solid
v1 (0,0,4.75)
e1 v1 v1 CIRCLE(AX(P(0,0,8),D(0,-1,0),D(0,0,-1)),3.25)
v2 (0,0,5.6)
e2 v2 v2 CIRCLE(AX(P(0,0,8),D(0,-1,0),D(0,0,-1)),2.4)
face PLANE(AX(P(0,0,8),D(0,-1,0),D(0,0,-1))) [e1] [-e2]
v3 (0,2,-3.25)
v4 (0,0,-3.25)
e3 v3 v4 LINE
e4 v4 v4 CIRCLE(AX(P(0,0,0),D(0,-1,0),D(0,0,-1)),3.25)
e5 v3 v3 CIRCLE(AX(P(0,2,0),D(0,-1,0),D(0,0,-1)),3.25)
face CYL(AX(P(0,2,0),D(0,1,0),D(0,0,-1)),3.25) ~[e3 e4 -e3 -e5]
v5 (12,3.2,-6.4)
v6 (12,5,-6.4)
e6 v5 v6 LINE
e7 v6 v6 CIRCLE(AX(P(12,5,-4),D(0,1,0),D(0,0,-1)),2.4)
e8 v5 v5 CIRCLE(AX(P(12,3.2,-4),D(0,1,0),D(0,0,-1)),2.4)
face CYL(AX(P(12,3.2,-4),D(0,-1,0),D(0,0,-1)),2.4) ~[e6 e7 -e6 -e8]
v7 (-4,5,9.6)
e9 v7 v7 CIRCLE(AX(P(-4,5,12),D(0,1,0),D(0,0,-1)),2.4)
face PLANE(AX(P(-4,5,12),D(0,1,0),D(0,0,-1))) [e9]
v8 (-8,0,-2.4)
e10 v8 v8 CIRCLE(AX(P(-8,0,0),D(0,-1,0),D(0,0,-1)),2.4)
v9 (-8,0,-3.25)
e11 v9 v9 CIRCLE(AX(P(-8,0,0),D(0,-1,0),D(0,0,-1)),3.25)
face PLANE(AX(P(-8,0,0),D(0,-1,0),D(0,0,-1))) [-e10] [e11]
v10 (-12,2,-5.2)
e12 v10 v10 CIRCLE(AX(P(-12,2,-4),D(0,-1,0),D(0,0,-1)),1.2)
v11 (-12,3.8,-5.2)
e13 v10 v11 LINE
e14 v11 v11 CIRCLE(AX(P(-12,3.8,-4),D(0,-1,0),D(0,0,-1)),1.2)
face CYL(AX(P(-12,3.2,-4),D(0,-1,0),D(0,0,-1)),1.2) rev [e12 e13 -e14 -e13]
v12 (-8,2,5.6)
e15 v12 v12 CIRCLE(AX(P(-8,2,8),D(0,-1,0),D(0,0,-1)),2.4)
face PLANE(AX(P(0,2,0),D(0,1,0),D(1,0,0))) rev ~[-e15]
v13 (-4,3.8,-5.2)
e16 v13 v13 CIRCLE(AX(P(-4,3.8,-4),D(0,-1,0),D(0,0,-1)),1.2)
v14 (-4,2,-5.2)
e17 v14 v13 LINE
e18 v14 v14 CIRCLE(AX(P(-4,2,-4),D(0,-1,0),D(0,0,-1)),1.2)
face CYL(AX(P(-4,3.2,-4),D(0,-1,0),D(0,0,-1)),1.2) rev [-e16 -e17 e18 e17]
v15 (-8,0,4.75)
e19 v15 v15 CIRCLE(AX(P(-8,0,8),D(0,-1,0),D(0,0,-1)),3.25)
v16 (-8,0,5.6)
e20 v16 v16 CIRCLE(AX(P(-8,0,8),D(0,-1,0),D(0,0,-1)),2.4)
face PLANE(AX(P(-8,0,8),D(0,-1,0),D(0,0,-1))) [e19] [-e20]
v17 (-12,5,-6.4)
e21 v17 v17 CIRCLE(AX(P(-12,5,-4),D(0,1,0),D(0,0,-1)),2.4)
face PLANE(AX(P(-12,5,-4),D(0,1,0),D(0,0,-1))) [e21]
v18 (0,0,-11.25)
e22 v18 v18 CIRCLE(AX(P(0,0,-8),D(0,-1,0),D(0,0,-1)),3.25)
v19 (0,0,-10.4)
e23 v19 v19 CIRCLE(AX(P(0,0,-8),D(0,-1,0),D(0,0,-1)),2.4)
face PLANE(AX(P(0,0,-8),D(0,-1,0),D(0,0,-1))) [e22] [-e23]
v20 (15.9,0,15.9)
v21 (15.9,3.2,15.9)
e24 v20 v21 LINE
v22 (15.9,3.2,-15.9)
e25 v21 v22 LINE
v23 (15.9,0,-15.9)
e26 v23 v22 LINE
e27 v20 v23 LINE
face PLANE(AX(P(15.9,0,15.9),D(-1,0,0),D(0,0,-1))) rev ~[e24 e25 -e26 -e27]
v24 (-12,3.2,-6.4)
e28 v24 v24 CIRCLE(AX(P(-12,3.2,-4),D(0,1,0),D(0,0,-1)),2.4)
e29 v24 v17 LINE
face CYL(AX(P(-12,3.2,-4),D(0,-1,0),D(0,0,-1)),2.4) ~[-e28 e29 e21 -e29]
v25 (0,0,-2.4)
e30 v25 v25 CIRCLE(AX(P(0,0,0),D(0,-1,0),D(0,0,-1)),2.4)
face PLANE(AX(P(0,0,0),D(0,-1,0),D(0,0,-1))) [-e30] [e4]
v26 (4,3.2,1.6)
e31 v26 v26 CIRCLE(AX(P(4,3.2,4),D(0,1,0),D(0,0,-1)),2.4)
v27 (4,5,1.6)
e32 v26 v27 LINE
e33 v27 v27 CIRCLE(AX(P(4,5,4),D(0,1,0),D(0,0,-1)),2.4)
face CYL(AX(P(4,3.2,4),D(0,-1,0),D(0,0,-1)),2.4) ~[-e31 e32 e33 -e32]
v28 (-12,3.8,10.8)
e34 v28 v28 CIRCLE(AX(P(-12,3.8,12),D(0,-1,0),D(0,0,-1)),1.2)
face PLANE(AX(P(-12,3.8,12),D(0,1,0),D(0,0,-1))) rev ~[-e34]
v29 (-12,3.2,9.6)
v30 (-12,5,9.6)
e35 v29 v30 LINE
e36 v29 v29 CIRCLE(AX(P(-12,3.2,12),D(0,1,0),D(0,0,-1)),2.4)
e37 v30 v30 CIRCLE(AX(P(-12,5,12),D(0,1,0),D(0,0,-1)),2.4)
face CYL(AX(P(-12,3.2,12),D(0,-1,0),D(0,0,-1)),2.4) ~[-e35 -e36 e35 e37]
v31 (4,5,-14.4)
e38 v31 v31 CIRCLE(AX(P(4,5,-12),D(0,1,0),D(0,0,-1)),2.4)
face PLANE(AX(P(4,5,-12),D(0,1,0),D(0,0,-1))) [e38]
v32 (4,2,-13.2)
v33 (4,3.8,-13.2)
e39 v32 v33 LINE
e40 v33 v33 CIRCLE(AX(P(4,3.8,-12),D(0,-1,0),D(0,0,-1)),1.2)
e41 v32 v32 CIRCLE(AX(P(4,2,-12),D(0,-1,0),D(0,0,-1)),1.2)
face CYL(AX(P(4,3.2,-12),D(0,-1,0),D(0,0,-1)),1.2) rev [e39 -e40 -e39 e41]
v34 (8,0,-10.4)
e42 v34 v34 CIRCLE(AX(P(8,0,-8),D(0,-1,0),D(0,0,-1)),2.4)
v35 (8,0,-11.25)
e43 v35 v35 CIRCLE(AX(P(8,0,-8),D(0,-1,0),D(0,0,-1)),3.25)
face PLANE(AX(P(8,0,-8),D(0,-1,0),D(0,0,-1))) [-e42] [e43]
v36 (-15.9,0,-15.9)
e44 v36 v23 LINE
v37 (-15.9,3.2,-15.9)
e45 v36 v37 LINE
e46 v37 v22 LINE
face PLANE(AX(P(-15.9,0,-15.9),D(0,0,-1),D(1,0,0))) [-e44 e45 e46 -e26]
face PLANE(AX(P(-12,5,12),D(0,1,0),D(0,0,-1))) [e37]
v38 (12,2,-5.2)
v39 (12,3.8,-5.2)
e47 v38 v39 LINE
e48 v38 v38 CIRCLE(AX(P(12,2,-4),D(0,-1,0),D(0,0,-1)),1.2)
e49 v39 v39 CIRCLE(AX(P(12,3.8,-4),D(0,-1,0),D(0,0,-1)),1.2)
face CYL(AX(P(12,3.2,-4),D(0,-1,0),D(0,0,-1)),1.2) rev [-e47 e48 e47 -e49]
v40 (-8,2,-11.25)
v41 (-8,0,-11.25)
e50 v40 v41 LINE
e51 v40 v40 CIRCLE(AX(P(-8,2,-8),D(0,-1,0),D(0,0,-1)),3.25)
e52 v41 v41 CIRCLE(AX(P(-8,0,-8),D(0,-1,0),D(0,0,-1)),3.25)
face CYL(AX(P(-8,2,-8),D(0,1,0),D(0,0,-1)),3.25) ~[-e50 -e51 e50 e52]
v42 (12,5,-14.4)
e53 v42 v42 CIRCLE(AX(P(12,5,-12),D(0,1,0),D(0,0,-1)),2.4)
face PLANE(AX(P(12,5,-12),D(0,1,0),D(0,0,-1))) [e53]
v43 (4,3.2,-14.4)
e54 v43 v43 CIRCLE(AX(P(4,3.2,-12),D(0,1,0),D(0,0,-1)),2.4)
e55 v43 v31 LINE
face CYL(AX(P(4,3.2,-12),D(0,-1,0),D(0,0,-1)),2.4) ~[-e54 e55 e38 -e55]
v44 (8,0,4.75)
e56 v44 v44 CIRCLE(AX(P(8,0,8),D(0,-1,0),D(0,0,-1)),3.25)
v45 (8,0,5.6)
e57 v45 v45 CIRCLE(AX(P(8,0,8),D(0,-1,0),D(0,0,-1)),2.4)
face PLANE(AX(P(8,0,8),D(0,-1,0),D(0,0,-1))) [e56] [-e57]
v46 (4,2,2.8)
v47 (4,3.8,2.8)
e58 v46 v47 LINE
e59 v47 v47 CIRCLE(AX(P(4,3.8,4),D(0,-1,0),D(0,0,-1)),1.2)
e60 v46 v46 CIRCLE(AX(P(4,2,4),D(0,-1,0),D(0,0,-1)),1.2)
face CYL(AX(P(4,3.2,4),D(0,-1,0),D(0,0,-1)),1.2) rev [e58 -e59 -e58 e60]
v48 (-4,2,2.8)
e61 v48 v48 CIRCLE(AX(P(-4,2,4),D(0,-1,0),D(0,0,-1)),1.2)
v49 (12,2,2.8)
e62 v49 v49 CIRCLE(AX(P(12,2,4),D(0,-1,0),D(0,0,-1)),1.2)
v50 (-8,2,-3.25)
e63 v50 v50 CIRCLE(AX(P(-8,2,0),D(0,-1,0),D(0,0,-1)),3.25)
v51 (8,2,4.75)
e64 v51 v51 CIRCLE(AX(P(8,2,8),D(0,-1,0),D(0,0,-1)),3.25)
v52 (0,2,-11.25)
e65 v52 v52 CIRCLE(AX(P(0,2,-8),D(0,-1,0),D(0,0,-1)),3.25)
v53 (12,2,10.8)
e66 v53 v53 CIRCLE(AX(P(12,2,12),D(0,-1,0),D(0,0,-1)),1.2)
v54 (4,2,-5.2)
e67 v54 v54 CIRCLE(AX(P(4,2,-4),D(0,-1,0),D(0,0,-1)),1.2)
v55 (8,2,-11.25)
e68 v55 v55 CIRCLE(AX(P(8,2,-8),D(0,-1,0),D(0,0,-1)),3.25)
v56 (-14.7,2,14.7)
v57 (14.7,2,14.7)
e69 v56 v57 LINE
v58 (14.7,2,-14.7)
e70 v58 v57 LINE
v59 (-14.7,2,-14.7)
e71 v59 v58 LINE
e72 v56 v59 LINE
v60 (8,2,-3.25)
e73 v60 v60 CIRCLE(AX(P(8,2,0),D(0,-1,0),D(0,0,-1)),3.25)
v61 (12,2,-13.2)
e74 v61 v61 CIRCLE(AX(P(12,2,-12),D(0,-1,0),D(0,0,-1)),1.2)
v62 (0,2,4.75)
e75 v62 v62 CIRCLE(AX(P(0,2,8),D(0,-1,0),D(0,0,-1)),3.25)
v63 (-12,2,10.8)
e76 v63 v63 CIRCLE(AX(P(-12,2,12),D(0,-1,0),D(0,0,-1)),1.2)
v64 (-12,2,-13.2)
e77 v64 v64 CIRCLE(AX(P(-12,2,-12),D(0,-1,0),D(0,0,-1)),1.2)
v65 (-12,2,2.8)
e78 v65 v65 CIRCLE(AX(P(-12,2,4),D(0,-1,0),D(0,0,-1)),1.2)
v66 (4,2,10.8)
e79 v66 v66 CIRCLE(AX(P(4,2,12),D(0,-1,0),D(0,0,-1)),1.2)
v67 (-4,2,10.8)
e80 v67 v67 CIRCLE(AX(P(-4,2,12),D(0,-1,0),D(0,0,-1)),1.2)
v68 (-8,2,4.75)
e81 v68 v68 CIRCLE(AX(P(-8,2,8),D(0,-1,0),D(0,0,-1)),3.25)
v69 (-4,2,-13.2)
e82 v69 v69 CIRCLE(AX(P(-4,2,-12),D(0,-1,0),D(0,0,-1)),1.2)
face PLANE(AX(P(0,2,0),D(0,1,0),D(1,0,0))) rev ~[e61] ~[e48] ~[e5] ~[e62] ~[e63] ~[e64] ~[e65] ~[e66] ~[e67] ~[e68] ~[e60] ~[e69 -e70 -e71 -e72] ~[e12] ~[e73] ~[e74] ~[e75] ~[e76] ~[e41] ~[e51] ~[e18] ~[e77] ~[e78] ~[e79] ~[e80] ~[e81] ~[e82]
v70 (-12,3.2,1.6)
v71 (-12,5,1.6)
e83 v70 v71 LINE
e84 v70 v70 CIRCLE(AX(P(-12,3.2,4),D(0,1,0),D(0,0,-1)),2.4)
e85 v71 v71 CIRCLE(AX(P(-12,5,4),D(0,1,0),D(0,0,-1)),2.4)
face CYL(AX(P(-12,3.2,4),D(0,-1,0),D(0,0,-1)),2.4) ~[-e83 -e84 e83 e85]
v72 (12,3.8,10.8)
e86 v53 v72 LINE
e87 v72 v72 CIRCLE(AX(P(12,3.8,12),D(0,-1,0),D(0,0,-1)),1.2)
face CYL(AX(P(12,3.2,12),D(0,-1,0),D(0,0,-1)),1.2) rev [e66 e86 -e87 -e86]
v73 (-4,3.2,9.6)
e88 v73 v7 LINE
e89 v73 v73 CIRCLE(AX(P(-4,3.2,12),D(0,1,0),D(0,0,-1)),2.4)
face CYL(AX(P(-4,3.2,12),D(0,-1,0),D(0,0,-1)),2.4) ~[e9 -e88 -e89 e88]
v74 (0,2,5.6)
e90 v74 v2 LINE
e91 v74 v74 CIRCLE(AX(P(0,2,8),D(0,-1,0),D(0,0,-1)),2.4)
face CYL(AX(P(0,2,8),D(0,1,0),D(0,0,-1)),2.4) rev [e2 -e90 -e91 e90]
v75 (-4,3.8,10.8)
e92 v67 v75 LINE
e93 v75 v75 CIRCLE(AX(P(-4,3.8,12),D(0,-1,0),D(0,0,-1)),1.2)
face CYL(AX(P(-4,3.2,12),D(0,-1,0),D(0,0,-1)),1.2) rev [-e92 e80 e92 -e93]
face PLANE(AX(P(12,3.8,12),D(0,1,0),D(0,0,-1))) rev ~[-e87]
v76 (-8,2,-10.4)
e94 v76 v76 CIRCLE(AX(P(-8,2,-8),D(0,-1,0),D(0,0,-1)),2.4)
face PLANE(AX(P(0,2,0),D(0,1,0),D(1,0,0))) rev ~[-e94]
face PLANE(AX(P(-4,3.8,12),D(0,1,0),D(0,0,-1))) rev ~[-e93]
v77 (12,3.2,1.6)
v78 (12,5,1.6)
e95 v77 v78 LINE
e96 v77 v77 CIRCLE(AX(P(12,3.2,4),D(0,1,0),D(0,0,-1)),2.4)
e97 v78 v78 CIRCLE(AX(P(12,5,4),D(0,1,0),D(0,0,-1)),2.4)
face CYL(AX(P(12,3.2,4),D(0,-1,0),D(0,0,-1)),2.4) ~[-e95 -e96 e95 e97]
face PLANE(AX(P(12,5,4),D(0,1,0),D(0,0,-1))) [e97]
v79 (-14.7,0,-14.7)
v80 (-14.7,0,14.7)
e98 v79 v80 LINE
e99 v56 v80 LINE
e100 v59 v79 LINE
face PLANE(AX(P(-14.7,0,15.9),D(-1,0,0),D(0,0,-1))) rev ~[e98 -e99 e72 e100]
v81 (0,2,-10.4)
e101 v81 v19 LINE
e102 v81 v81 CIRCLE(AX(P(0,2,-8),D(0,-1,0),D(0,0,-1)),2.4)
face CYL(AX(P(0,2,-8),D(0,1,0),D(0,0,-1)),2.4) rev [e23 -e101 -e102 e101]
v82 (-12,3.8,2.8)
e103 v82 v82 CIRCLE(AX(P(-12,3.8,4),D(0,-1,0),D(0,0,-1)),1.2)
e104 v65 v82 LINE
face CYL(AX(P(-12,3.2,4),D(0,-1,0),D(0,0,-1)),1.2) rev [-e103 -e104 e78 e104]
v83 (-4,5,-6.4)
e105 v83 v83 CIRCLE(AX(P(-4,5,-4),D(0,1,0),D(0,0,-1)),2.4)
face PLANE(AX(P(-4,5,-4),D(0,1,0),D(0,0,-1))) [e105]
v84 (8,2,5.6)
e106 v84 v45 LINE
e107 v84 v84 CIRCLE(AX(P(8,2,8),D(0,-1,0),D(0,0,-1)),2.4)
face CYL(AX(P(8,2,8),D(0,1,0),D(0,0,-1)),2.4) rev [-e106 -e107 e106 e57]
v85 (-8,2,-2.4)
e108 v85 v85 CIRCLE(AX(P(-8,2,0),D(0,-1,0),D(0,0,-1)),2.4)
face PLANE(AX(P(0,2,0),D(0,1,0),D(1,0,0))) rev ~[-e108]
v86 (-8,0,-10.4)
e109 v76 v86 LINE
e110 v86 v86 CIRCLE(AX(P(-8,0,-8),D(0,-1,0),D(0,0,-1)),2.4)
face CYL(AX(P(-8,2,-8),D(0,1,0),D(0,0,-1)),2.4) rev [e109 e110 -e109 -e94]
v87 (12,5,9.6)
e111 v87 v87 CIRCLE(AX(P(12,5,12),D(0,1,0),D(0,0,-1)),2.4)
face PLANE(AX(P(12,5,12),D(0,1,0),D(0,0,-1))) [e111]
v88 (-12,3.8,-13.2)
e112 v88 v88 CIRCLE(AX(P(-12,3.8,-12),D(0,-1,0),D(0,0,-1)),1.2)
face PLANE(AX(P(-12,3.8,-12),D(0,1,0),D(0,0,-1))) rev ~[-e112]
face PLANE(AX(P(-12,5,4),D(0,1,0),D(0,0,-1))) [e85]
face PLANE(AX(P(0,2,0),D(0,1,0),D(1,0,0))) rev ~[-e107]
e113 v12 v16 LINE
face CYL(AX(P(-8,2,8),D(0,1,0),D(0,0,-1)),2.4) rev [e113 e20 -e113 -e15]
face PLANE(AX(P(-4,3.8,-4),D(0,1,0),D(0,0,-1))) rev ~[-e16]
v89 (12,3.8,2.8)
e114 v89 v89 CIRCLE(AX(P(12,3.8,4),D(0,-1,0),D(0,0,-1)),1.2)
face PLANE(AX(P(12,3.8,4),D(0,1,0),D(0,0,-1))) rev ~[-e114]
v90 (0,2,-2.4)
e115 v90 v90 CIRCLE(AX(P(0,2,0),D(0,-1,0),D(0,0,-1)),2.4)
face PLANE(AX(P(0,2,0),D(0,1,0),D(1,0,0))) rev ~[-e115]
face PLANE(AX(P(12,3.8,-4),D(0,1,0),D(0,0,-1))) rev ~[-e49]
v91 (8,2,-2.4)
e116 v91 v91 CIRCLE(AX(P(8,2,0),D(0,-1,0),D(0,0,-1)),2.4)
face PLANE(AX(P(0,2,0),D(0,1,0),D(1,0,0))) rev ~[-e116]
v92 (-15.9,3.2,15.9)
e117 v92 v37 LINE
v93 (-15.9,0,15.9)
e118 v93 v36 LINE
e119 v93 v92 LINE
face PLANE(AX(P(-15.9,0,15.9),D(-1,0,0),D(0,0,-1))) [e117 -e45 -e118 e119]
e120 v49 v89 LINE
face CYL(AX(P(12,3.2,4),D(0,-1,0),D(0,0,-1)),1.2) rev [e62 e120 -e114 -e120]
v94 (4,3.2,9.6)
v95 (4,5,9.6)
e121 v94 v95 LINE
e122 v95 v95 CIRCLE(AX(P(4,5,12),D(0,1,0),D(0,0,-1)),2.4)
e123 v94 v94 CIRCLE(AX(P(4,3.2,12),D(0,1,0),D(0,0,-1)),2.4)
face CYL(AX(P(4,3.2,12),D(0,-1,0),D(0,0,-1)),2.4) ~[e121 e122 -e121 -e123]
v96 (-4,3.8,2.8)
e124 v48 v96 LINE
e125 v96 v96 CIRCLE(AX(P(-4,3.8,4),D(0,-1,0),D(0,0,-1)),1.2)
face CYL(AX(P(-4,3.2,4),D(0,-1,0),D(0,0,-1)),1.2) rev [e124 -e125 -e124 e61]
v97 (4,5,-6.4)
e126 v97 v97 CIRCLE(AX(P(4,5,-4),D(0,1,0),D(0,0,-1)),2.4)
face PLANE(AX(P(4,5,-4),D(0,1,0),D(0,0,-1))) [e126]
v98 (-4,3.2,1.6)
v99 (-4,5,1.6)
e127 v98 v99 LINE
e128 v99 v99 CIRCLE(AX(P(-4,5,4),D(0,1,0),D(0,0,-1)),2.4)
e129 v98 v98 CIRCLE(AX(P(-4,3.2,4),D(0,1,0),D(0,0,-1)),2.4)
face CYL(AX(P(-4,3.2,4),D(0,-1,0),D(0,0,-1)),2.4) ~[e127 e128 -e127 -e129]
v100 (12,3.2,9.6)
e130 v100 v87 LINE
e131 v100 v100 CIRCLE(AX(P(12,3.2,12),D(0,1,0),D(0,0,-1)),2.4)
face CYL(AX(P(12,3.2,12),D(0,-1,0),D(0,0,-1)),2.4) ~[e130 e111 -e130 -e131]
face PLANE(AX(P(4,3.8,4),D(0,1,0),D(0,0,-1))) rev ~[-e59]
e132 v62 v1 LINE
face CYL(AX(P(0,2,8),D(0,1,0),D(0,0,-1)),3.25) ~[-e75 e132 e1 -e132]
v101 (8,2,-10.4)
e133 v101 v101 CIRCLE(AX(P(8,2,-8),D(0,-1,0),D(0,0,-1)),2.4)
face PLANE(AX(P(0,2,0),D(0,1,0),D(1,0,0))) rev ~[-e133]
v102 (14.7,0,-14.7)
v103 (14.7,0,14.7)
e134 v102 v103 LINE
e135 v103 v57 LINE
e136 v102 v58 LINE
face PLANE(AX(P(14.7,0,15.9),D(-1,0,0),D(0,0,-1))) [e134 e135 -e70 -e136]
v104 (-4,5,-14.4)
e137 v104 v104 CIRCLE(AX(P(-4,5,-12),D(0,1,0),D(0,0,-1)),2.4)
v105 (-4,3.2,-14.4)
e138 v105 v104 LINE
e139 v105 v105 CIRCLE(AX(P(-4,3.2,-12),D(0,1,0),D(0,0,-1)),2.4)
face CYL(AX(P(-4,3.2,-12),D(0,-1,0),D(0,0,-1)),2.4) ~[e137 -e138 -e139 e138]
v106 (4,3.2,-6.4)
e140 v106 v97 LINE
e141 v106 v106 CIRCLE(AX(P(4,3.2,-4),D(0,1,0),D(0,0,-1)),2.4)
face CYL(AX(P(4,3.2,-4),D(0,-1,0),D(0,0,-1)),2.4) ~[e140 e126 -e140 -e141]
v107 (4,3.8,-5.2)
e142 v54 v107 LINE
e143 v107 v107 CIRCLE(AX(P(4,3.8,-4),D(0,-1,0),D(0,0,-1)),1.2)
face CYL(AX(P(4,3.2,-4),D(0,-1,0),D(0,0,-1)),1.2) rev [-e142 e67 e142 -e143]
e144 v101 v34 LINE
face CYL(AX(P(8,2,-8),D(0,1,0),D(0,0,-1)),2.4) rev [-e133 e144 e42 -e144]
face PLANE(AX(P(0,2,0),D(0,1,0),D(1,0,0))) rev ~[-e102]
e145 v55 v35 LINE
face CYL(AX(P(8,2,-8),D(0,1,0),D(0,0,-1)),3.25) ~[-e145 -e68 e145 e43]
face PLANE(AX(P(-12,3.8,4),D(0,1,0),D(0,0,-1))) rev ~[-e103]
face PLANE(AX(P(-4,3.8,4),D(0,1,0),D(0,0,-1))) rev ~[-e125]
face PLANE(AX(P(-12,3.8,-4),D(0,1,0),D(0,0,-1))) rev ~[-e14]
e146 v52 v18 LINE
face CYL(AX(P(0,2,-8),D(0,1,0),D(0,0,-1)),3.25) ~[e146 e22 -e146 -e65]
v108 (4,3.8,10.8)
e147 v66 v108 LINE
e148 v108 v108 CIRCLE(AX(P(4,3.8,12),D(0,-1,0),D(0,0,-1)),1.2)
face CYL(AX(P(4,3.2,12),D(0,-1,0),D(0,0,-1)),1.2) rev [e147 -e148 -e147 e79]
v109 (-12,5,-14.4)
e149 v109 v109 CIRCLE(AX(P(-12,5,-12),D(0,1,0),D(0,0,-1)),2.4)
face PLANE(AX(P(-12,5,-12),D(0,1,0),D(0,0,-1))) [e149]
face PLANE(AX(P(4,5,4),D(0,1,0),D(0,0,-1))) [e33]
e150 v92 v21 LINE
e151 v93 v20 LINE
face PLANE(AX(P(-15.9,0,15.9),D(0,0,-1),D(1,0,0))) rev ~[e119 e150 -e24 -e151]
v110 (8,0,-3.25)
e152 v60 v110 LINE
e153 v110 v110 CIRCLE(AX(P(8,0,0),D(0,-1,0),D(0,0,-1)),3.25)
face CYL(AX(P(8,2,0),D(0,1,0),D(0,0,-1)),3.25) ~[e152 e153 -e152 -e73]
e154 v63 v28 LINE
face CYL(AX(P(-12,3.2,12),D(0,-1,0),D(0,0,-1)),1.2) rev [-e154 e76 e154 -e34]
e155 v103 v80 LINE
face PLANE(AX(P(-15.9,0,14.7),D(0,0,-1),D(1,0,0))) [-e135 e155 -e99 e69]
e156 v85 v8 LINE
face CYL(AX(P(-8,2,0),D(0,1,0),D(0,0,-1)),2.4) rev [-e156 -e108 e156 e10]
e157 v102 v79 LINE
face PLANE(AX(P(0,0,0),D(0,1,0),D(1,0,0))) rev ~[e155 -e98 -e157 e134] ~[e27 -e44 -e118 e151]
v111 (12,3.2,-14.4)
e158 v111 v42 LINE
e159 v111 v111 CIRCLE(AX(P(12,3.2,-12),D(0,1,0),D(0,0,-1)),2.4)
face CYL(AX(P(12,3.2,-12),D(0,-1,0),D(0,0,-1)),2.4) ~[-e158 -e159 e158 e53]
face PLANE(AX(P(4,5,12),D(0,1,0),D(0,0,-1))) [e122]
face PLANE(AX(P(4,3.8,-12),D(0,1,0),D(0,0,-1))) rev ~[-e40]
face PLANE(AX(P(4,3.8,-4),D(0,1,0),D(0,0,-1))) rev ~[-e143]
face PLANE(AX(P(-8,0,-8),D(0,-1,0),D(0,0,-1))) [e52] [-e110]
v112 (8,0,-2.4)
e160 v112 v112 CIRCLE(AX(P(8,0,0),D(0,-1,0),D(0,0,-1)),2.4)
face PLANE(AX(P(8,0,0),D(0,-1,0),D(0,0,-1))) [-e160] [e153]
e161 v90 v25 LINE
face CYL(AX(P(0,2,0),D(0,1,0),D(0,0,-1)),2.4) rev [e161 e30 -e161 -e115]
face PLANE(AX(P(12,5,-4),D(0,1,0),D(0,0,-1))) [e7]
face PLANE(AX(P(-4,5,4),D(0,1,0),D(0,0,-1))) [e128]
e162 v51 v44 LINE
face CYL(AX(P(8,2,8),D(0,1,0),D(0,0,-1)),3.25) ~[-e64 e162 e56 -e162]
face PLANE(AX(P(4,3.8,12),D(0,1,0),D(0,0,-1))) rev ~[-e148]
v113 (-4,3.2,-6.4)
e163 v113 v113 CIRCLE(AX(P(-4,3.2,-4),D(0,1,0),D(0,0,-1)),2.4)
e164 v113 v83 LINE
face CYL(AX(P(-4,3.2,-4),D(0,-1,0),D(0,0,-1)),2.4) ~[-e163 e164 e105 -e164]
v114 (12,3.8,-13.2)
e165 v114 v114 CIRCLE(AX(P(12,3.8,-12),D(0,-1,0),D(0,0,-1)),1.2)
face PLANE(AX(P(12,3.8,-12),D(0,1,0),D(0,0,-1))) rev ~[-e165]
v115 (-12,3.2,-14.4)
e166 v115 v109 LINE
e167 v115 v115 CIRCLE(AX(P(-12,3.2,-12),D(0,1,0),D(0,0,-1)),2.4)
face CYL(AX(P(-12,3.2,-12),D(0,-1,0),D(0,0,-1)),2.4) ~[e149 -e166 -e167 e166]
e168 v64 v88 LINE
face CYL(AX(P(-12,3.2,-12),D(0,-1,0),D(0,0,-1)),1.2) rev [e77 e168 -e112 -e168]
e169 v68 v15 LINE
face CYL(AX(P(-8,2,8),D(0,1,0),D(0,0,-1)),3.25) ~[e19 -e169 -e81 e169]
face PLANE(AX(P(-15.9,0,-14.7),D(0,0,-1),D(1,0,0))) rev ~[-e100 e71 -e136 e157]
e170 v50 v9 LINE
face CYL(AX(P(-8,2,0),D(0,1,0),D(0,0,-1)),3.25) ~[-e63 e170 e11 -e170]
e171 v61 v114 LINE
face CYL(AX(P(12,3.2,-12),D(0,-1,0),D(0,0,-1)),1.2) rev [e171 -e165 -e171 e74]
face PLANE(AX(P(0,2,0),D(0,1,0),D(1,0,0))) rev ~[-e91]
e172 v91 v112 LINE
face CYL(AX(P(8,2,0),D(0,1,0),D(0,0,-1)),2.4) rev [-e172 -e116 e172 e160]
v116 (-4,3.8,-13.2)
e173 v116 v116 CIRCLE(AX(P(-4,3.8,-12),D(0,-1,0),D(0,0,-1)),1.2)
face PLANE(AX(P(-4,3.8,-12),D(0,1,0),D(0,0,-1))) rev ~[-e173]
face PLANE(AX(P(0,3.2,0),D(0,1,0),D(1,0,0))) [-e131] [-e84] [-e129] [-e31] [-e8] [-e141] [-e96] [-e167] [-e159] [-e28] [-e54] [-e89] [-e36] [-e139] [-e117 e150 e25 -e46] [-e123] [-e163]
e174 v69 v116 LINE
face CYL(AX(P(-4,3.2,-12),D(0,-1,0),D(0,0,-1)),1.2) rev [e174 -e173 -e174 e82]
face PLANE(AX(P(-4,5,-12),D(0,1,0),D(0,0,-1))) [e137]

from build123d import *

# Parameters (mm, degrees)
SKETCH1_W            = 31.8
SKETCH1_H            = 31.8
BOSS_EXTRUDE1_DEPTH  = 3.2
SKETCH2_R            = 2.4
BOSS_EXTRUDE2_DEPTH  = 1.8
LPATTERN1_COUNT      = 4
LPATTERN1_PITCH      = 8
LPATTERN1_COUNT_DIR2 = 4
LPATTERN1_PITCH_DIR2 = 8
SHELL1_T             = -1.2
SKETCH3_R            = 3.25
SKETCH3_R_2          = 2.4
BOSS_EXTRUDE3_DEPTH  = 2
LPATTERN2_COUNT      = 3
LPATTERN2_PITCH      = 8
LPATTERN2_COUNT_DIR2 = 3
LPATTERN2_PITCH_DIR2 = 8


with BuildPart() as part:
    # Sketch1 → Boss-Extrude1 (new body)
    with BuildSketch(Plane(origin=(0, 0, 0), x_dir=(1, 0, 0), z_dir=(0, 1, 0))):
        Rectangle(SKETCH1_W, SKETCH1_H)
    extrude(amount=BOSS_EXTRUDE1_DEPTH)

    # Sketch2 → Boss-Extrude2 (add)
    with BuildSketch(Plane(origin=(0, 3.2, 0), x_dir=(1, 0, 0), z_dir=(0, 1, 0))):
        with Locations(Location((-12, -12, 0), (0, 0, 90))):
            Circle(SKETCH2_R)
    boss_extrude2 = extrude(amount=BOSS_EXTRUDE2_DEPTH)

    # LPattern1: Boss-Extrude2 4 × 4
    with Locations(*[(i * LPATTERN1_PITCH, 0, -j * LPATTERN1_PITCH_DIR2) for i in range(LPATTERN1_COUNT) for j in range(LPATTERN1_COUNT_DIR2) if (i, j) != (0, 0)]):
        add(boss_extrude2)

    # Shell1
    shell1_openings = [part.faces().sort_by_distance(p)[0] for p in [
        (0, 0, 0),
    ]]
    offset(amount=SHELL1_T, openings=shell1_openings, kind=Kind.INTERSECTION)

    # Sketch3 → Boss-Extrude3 (add)
    with BuildSketch(Plane.XZ.offset(-2)):
        with Locations(Location((-8, 8, 0), (0, 0, 270))):
            Circle(SKETCH3_R)
        with Locations(Location((-8, 8, 0), (0, 0, 270))):
            Circle(SKETCH3_R_2, mode=Mode.SUBTRACT)
    boss_extrude3 = extrude(amount=BOSS_EXTRUDE3_DEPTH)

    # LPattern2: Boss-Extrude3 3 × 3
    with Locations(*[(i * LPATTERN2_PITCH, 0, -j * LPATTERN2_PITCH_DIR2) for i in range(LPATTERN2_COUNT) for j in range(LPATTERN2_COUNT_DIR2) if (i, j) != (0, 0)]):
        add(boss_extrude3)


solid = part.part
